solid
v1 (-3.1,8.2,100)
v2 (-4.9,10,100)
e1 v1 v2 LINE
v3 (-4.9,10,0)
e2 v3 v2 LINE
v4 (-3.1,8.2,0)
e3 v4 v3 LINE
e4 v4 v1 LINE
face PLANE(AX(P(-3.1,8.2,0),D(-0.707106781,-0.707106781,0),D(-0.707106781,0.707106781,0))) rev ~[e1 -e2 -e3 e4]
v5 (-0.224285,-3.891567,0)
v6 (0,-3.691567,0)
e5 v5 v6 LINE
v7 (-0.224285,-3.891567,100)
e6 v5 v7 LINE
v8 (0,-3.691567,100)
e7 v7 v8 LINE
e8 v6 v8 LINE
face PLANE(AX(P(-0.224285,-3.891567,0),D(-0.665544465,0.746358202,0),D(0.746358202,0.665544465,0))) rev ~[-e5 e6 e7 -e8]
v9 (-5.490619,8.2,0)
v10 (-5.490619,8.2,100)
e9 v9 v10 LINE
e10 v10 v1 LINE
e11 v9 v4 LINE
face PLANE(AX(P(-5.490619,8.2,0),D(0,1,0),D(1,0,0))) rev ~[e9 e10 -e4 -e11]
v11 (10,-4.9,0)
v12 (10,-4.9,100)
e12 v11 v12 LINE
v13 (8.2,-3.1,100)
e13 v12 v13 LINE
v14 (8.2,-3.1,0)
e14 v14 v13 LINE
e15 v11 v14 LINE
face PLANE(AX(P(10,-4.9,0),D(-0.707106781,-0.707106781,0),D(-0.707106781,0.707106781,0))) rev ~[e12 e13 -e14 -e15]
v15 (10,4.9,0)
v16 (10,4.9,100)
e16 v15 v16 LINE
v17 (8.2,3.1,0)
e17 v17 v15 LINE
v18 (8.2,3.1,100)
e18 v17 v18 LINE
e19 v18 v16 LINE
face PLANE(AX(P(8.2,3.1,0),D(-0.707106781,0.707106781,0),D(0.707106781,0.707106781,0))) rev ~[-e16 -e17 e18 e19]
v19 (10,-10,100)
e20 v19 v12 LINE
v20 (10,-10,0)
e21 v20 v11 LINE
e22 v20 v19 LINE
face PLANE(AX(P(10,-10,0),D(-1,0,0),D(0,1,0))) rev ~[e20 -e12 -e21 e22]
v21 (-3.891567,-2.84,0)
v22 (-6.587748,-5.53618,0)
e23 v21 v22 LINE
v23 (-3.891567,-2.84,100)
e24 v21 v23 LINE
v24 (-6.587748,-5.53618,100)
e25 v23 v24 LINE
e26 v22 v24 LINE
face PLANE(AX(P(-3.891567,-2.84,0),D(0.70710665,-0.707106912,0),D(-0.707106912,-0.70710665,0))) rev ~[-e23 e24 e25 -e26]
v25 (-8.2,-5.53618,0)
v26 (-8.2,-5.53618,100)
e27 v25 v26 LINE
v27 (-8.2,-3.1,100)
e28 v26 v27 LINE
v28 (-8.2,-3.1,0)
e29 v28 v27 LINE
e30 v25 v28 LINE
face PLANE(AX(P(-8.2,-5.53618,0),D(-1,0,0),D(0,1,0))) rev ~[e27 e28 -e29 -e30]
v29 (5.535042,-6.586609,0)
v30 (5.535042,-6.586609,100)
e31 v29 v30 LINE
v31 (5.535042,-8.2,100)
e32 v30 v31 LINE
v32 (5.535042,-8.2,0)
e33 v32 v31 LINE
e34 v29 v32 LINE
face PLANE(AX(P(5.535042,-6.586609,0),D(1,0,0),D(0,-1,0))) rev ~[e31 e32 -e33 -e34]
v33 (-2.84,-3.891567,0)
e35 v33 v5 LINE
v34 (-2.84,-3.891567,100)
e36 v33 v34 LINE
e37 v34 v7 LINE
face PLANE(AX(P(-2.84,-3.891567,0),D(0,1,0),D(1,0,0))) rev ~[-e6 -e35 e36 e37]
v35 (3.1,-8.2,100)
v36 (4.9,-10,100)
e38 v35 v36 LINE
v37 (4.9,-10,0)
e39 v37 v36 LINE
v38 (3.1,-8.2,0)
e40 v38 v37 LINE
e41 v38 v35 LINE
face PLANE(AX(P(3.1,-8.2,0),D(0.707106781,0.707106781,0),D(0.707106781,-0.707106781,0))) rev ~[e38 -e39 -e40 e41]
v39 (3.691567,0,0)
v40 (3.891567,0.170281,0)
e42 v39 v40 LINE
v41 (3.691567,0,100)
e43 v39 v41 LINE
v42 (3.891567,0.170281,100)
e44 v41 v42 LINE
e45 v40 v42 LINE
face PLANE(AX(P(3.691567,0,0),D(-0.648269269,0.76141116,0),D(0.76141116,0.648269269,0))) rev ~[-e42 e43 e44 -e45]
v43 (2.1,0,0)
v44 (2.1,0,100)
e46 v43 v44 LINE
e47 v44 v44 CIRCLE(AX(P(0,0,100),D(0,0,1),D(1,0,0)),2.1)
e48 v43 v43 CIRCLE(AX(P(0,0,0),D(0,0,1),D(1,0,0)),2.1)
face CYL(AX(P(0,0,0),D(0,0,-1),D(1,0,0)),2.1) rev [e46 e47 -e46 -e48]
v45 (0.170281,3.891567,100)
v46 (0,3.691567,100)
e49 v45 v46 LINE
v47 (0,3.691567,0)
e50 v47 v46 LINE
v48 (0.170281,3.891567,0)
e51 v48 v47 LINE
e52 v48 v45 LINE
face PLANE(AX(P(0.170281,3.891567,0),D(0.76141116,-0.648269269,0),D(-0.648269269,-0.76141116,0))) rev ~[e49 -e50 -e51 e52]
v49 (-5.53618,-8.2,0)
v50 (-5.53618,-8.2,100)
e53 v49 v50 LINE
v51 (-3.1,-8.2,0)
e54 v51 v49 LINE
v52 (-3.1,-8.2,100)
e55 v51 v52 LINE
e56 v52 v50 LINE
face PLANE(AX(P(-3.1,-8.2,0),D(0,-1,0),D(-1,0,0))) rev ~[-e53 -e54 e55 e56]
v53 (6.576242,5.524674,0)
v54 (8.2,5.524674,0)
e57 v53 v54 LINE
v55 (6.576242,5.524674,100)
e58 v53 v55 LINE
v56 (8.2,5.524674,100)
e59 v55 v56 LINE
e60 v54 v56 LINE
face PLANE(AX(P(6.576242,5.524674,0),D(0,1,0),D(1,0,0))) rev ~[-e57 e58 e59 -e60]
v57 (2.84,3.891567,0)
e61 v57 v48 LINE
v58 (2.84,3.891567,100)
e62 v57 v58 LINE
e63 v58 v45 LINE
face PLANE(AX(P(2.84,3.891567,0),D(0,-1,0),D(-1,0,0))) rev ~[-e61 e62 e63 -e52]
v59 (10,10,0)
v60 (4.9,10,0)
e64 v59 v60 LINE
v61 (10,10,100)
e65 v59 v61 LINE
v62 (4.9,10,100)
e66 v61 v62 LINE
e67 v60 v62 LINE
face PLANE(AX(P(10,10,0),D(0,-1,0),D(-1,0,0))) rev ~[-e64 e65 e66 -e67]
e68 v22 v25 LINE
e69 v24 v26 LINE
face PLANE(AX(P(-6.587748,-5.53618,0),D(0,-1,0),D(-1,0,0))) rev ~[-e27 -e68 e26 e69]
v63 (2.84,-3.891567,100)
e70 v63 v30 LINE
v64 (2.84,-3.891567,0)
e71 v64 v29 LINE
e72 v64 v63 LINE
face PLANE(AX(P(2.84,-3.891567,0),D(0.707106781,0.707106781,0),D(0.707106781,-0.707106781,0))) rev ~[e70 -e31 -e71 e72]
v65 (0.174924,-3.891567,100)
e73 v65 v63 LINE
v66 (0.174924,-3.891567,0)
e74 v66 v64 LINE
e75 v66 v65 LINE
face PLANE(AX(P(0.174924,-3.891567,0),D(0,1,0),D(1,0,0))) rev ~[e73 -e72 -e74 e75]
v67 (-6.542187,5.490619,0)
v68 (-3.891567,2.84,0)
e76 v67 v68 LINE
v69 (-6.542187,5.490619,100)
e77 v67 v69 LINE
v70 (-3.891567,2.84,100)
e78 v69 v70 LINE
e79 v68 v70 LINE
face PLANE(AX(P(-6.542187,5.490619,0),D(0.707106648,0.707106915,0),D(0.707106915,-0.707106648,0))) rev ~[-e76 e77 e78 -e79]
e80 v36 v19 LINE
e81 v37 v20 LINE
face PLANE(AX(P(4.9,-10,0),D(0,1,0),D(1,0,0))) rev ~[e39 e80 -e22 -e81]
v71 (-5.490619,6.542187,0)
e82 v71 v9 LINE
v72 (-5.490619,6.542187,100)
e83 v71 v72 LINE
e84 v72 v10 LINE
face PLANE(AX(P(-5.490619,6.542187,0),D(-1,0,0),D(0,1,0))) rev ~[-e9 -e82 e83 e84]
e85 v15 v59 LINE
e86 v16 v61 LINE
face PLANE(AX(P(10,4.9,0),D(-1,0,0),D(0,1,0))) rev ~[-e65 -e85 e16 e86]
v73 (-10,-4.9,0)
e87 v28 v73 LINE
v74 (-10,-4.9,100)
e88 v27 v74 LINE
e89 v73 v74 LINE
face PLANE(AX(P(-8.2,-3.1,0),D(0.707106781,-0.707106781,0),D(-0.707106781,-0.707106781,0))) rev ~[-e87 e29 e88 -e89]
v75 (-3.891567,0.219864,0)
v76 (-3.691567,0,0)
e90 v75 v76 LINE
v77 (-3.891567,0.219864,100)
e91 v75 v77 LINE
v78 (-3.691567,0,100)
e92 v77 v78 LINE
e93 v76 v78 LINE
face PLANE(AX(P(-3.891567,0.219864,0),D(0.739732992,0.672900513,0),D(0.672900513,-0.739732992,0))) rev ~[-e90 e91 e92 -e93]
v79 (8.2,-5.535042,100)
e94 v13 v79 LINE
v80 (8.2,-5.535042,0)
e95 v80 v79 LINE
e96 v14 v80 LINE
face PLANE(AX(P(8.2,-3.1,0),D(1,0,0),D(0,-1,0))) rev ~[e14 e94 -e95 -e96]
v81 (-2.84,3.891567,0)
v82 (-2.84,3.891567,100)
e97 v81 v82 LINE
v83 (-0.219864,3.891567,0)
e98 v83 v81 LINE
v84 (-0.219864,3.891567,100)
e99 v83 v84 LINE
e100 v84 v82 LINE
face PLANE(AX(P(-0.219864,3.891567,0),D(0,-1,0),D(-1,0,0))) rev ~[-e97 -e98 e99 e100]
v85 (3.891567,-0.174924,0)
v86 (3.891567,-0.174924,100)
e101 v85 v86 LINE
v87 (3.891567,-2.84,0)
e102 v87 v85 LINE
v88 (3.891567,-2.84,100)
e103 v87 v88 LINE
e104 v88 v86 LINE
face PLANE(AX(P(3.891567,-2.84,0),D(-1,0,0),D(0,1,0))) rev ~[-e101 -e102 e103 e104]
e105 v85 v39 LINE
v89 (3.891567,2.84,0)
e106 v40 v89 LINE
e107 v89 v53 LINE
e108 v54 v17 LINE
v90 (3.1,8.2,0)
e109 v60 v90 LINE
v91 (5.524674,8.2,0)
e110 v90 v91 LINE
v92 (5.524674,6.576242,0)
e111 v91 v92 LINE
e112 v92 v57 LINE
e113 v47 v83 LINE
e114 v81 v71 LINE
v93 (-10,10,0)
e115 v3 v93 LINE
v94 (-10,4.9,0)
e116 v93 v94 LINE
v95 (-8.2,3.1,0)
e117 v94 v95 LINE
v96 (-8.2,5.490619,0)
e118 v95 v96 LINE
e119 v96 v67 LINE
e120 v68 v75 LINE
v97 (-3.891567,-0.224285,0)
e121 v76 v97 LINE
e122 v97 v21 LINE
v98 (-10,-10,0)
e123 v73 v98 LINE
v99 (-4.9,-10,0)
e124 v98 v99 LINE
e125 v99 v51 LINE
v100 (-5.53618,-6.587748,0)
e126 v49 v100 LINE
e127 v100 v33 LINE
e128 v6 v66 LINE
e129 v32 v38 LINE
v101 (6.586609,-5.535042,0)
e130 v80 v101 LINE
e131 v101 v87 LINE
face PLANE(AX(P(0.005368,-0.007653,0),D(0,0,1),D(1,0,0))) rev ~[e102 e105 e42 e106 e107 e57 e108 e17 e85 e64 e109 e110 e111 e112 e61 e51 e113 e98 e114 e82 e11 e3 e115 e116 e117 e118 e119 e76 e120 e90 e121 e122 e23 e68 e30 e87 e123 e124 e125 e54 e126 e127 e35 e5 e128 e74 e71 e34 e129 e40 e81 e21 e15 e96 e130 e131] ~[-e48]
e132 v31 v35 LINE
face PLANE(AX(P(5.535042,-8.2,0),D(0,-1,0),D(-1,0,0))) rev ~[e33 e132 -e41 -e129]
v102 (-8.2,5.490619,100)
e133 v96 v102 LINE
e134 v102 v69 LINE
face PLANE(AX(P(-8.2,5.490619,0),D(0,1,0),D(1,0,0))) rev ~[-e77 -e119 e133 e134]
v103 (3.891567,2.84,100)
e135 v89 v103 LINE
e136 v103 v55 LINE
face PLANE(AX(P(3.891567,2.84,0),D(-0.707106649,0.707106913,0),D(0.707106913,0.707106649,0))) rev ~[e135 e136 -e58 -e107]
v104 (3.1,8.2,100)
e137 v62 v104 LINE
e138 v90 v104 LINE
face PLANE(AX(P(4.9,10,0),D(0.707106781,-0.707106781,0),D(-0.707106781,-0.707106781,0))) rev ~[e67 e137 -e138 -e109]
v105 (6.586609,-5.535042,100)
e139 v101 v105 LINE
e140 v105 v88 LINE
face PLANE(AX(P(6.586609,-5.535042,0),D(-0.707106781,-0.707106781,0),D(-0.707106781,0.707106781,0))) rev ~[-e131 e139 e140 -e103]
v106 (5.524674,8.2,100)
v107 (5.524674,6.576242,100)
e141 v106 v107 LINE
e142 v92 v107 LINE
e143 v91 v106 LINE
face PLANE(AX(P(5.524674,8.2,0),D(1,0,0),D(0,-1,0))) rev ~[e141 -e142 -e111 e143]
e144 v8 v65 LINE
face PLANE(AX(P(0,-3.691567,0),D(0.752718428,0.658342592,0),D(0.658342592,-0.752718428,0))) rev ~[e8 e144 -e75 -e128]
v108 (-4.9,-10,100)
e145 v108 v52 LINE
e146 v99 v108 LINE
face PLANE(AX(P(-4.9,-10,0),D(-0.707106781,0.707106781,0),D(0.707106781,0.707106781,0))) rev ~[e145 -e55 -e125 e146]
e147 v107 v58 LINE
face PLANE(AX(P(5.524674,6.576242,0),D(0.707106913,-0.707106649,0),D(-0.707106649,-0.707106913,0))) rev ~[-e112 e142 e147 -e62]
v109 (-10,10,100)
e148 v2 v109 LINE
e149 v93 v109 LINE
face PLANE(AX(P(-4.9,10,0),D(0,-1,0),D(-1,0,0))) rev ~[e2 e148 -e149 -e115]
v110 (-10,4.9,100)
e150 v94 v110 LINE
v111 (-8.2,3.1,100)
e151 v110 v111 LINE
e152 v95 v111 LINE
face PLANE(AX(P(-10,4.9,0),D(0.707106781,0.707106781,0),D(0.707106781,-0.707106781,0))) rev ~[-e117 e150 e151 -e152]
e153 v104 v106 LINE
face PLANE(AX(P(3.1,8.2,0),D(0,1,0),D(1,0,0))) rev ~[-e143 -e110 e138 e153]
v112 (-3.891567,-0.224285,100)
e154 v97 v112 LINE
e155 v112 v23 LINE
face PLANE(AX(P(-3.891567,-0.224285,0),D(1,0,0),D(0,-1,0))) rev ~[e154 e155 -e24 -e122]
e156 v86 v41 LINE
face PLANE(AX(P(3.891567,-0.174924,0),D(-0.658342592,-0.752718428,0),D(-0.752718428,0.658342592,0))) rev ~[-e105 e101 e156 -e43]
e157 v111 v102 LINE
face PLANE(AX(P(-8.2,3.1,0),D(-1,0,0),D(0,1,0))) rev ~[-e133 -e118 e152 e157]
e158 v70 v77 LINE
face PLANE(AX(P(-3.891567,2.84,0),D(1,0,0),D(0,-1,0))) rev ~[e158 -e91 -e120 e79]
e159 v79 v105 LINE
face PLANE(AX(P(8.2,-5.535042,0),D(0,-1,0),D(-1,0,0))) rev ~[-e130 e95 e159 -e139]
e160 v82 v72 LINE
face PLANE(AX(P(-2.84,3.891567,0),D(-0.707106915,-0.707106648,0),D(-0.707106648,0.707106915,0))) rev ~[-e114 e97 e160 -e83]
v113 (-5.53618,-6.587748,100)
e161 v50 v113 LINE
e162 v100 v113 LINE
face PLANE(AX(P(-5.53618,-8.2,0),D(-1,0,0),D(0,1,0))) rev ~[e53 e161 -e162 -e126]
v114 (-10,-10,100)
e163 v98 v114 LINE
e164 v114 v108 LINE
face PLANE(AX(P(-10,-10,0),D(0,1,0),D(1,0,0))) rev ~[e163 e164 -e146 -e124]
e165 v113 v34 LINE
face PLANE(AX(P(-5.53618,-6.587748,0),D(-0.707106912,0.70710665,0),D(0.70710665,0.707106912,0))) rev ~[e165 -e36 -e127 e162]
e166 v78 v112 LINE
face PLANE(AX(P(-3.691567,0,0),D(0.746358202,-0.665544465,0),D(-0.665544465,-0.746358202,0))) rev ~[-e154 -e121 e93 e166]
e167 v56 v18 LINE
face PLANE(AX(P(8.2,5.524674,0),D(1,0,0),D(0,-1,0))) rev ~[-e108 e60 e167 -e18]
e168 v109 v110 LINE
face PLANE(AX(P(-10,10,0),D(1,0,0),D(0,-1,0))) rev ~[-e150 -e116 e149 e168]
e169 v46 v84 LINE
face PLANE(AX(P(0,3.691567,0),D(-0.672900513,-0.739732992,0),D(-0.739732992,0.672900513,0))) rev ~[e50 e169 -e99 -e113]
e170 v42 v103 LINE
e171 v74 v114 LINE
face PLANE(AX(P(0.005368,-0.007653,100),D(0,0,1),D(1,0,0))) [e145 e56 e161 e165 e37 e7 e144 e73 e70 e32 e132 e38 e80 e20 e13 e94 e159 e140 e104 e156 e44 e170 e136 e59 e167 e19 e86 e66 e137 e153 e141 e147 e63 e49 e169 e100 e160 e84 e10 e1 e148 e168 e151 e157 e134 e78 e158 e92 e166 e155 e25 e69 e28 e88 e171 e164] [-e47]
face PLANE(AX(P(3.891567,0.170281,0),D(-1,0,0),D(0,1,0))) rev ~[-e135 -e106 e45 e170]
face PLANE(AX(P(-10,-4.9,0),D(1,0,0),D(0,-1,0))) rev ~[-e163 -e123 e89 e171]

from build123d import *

# Parameters (mm, degrees)
SKETCH_R  = 2.1
PAD_DEPTH = 100


with BuildPart() as part:
    # Sketch → Pad (new body)
    with BuildSketch(Plane.XY):
        Polygon((0, -3.691567), (0.174924, -3.891567), (2.84, -3.891567), (5.535042, -6.586609), (5.535042, -8.2), (3.1, -8.2), (4.9, -10), (10, -10), (10, -4.9), (8.2, -3.1), (8.2, -5.535042), (6.586609, -5.535042), (3.891567, -2.84), (3.891567, -0.174924), (3.691567, 0), (3.891567, 0.170281), (3.891567, 2.84), (6.576242, 5.524674), (8.2, 5.524674), (8.2, 3.1), (10, 4.9), (10, 10), (4.9, 10), (3.1, 8.2), (5.524674, 8.2), (5.524674, 6.576242), (2.84, 3.891567), (0.170281, 3.891567), (0, 3.691567), (-0.219864, 3.891567), (-2.84, 3.891567), (-5.490619, 6.542187), (-5.490619, 8.2), (-3.1, 8.2), (-4.9, 10), (-10, 10), (-10, 4.9), (-8.2, 3.1), (-8.2, 5.490619), (-6.542187, 5.490619), (-3.891567, 2.84), (-3.891567, 0.219864), (-3.691567, 0), (-3.891567, -0.224285), (-3.891567, -2.84), (-6.587748, -5.53618), (-8.2, -5.53618), (-8.2, -3.1), (-10, -4.9), (-10, -10), (-4.9, -10), (-3.1, -8.2), (-5.53618, -8.2), (-5.53618, -6.587748), (-2.84, -3.891567), (-0.224285, -3.891567), align=None)
        Circle(SKETCH_R, mode=Mode.SUBTRACT)
    extrude(amount=PAD_DEPTH)


solid = part.part
